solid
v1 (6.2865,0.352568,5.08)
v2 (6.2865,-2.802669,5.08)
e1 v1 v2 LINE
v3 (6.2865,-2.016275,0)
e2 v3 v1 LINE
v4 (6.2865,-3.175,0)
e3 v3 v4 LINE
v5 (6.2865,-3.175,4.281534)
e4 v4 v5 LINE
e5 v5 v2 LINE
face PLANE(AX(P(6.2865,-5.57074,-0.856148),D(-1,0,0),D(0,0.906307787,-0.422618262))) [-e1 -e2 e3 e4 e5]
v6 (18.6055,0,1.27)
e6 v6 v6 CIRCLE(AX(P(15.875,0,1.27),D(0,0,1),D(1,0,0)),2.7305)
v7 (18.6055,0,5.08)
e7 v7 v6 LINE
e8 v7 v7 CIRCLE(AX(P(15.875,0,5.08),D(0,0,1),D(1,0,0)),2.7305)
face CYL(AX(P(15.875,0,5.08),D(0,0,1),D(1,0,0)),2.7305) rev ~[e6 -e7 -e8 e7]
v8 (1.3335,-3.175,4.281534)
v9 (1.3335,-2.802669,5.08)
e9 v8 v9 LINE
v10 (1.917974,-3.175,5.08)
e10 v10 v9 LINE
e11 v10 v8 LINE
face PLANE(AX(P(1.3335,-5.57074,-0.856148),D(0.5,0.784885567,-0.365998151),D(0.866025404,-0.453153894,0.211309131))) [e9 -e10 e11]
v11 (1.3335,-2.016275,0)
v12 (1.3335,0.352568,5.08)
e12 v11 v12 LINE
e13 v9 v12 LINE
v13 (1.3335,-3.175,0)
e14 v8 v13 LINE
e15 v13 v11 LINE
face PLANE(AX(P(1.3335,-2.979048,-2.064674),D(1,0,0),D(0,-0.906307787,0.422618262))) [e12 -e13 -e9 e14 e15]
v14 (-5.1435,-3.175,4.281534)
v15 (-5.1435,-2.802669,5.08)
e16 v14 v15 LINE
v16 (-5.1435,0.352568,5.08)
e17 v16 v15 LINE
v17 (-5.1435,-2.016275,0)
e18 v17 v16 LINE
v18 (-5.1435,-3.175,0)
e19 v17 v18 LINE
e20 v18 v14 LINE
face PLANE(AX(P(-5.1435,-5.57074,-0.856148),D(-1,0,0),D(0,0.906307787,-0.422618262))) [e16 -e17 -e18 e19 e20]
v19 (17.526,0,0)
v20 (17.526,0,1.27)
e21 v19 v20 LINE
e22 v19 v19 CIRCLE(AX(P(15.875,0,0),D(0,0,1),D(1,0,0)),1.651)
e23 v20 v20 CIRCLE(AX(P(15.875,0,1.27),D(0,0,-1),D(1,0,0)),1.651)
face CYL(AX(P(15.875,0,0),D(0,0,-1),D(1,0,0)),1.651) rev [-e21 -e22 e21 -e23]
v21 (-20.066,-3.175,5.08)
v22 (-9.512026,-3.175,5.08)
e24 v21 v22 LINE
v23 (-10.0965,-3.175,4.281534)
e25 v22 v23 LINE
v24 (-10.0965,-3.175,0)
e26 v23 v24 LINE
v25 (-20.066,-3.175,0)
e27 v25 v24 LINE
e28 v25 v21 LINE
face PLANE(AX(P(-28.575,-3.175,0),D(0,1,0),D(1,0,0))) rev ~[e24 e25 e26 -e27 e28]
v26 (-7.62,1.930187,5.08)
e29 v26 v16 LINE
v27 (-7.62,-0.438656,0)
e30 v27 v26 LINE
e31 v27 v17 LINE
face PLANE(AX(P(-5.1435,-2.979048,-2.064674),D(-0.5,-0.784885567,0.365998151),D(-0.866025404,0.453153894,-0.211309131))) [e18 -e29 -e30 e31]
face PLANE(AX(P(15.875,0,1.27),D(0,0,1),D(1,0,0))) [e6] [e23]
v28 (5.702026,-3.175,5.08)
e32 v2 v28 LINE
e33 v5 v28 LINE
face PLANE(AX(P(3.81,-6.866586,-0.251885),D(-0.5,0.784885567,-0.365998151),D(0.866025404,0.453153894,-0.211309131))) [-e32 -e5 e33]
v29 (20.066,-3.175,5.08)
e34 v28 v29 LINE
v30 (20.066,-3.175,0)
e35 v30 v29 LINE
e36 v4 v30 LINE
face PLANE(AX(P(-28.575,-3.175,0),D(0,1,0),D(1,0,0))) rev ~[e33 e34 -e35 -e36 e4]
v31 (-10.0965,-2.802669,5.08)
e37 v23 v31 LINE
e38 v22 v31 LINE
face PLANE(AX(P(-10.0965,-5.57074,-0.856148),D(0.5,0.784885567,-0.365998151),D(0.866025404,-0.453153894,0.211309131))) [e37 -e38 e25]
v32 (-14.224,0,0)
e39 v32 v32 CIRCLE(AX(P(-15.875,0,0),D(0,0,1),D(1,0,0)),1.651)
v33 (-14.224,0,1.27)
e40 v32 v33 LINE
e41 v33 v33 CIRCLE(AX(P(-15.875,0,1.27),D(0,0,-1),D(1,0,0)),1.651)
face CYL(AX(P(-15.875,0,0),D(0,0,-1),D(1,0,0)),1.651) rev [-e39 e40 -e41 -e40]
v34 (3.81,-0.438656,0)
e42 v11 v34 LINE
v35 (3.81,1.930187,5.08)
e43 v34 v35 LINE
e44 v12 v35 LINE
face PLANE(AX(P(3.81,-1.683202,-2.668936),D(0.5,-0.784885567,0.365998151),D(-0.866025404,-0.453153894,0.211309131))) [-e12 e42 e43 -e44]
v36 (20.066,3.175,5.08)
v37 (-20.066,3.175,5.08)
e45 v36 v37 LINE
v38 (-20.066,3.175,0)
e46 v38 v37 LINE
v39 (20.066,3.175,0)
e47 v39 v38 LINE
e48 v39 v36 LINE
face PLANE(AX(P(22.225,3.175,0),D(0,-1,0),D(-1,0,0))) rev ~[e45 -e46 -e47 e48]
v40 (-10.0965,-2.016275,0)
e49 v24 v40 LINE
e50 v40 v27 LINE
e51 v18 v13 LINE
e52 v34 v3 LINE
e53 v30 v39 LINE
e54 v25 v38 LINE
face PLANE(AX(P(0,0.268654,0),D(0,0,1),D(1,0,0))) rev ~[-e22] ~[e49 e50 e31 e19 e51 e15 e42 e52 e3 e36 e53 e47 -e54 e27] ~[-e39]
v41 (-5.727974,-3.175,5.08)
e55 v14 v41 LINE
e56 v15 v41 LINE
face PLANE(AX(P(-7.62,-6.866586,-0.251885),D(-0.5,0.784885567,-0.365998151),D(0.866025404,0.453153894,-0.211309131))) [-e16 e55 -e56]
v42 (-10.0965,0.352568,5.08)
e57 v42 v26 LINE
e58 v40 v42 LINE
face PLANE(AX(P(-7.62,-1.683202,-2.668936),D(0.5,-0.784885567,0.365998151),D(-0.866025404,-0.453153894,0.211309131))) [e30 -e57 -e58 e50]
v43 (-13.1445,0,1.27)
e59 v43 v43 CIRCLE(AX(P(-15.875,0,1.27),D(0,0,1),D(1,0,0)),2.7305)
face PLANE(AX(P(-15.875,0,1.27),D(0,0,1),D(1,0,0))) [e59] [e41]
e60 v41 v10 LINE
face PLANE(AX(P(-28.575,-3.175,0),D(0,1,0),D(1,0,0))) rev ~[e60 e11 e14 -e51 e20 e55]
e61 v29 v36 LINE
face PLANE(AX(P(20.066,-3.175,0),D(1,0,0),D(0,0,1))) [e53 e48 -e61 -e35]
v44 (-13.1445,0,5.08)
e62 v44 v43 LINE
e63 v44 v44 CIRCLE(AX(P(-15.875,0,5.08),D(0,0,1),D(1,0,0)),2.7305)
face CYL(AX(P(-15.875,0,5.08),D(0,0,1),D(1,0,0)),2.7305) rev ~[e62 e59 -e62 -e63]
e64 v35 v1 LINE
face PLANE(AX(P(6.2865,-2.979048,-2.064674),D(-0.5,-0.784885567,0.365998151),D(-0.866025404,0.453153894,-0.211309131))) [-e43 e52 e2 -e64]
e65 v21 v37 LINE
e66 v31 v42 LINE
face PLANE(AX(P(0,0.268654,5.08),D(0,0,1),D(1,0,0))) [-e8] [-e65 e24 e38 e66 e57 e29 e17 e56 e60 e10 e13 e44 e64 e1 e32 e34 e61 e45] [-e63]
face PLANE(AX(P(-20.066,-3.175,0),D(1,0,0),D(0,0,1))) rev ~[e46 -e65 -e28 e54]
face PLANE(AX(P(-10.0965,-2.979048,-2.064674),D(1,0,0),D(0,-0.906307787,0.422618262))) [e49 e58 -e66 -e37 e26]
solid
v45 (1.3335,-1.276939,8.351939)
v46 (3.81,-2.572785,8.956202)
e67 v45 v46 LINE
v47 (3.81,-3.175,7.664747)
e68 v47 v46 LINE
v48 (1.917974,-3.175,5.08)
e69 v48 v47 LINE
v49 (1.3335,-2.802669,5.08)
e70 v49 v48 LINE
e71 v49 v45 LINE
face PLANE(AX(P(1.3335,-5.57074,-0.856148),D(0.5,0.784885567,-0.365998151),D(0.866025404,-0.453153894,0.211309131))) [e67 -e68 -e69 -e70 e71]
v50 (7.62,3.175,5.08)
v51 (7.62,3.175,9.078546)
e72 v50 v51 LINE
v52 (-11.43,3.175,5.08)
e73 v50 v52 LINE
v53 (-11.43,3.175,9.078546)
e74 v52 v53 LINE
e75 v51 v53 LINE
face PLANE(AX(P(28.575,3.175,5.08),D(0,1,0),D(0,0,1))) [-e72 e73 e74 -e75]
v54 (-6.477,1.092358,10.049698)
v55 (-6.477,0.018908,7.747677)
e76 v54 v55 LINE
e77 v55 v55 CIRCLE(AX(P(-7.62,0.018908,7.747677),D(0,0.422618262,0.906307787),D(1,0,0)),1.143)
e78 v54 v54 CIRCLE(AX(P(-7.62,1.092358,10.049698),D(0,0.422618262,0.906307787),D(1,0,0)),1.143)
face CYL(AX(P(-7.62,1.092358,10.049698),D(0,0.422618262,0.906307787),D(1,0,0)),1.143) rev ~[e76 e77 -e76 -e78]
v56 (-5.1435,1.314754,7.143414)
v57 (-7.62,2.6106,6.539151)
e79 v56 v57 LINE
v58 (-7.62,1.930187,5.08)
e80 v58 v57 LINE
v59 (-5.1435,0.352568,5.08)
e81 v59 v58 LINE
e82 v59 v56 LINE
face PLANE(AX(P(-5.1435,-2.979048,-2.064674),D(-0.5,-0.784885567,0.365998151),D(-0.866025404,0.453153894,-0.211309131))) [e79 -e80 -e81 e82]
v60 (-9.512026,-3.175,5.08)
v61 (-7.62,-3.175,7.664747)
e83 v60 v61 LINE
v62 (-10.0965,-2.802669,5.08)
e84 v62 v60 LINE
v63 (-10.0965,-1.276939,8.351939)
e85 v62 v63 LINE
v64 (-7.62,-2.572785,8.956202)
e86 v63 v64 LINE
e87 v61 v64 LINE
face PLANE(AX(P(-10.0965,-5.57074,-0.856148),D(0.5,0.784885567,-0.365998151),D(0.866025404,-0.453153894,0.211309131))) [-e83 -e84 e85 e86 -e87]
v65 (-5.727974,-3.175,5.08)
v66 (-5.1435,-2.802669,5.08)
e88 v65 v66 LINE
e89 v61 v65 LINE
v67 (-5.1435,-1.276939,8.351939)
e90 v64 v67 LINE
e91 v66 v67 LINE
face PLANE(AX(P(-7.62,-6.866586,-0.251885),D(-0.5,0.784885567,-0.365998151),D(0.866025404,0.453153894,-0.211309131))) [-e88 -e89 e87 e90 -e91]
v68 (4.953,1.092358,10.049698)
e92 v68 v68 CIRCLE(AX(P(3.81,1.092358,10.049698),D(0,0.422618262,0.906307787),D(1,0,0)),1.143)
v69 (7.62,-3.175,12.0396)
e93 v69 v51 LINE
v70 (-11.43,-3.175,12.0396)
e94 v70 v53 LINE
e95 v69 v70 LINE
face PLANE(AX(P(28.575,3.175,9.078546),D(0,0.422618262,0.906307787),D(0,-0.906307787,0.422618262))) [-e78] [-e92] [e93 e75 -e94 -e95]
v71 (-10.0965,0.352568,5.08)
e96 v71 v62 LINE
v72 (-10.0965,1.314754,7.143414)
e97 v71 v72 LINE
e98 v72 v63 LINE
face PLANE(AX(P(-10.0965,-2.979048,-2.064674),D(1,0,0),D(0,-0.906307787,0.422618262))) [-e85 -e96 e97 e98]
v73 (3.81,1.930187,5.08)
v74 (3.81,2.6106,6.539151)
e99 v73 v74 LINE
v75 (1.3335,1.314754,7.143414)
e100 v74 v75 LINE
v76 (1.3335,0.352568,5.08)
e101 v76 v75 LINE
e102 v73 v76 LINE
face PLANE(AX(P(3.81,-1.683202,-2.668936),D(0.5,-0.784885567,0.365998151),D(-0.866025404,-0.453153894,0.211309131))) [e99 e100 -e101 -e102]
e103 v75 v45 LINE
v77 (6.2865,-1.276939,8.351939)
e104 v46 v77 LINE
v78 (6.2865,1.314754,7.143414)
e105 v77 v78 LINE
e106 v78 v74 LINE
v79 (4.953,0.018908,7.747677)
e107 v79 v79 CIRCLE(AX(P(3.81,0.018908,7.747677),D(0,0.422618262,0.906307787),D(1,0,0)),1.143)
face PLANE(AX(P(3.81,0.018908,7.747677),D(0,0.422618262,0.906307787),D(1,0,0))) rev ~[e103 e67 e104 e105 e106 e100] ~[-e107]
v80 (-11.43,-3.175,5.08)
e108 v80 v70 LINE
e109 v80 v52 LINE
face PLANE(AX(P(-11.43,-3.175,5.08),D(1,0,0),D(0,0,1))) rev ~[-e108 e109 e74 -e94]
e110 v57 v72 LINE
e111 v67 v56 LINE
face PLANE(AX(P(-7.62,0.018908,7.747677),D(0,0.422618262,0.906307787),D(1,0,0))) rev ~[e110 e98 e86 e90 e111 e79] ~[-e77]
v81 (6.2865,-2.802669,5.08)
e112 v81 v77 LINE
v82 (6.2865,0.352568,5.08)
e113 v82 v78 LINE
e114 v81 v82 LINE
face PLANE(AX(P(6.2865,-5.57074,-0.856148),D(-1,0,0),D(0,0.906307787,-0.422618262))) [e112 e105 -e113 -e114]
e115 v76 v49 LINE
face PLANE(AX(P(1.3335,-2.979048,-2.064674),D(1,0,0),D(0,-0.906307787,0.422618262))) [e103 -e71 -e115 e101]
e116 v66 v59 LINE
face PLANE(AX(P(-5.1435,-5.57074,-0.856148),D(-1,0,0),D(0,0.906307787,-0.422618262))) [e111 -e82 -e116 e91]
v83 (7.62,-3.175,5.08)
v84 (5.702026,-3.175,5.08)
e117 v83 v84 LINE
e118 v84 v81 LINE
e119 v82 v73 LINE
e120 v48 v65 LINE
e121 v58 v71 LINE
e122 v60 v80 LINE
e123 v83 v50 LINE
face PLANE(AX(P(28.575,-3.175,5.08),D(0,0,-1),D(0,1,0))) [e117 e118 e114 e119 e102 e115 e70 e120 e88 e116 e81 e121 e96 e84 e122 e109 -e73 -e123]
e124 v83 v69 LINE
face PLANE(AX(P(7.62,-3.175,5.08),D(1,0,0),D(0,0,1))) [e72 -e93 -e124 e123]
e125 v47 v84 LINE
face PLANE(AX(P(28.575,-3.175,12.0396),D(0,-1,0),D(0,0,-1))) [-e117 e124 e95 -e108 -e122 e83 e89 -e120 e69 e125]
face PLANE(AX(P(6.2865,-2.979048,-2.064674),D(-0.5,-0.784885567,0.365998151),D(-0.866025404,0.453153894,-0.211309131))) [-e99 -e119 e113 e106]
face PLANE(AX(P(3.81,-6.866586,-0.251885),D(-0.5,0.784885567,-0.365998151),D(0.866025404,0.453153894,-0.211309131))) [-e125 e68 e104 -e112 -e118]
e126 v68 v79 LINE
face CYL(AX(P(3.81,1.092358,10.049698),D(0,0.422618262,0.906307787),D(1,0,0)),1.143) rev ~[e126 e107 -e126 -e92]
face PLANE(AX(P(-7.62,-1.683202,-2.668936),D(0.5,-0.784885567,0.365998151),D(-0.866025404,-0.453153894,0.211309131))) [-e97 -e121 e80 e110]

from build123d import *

# Parameters (mm, degrees)
F0_R      = 1.651
F1_DEPTH  = 5.08
F2_R      = 2.7305
F3_DEPTH  = 3.81
F5_DEPTH  = 57.15
F6_W      = 17.145
F6_H      = 6.9596
F6_W_2    = 20.955
F7_DEPTH  = 6.35
F9_W      = 8.509
F9_H      = 5.08
F10_DEPTH = 7.621
F11_R     = 1.143
F12_DEPTH = 10.9125832328
F14_DEPTH = 10.16


with BuildPart() as f1:
    # F0 (on Top) → F1 (new body)
    with BuildSketch(Plane.XY):
        Polygon((-28.575, -3.175), (28.575, -3.175), (28.575, 4.445), (22.225, 4.445), (22.225, 3.175), (-22.225, 3.175), (-22.225, 4.445), (-28.575, 4.445), align=None)
        with Locations((-15.875, 0)):
            Circle(F0_R, mode=Mode.SUBTRACT)
        with Locations((15.875, 0)):
            Circle(F0_R, mode=Mode.SUBTRACT)
    extrude(amount=F1_DEPTH)

    # F2 (on face) → F3 (cut)
    with BuildSketch(Plane.XY.offset(5.08)):
        with Locations((-15.875, 0)):
            Circle(F2_R)
        with Locations((15.875, 0)):
            Circle(F2_R)
    extrude(amount=-F3_DEPTH, mode=Mode.SUBTRACT)

    # F9 (on face) → F10 (cut, through all)
    with BuildSketch(Plane.XZ.offset(3.175)):
        with Locations((-24.3205, 2.54)):
            Rectangle(F9_W, F9_H)
        with Locations((24.3205, 2.54)):
            Rectangle(F9_W, F9_H)
    extrude(amount=-F10_DEPTH, mode=Mode.SUBTRACT)


with BuildPart() as f5:
    # F4 (on face) → F5 (new body)
    with BuildSketch(Plane.YZ.offset(28.575)):
        Polygon((-3.175, 12.0396), (-3.175, 5.08), (3.175, 5.08), (3.175, 9.0785463707), align=None)
    extrude(amount=-F5_DEPTH)

    # F6 (on face) → F7 (cut, through all)
    with BuildSketch(Plane.XZ.offset(3.175)):
        with Locations((-20.0025, 8.5598)):
            Rectangle(F6_W, F6_H)
        with Locations((18.0975, 8.5598)):
            Rectangle(F6_W_2, F6_H)
    extrude(amount=-F7_DEPTH, mode=Mode.SUBTRACT)


with BuildPart() as f12_tool:
    # F11 (on face) → F12 (new body, through all)
    with BuildSketch(Plane(origin=(0, 4.0443596691, 8.6731572993), x_dir=(1, 0, 0), z_dir=(0, 0.4226182617, 0.906307787))):
        with Locations((-7.62, -3.2571735458)):
            Circle(F11_R)
        with Locations((3.81, -3.2571735458)):
            Circle(F11_R)
    extrude(amount=-F12_DEPTH)


with BuildPart() as f1_1:
    add(f1.part)

    # F12: cut by f12_tool
    add(f12_tool.part, mode=Mode.SUBTRACT)


with BuildPart() as f5_1:
    add(f5.part)

    # F12: cut by f12_tool
    add(f12_tool.part, mode=Mode.SUBTRACT)


with BuildPart() as f14_tool:
    # F13 (on offset) → F14 (new body)
    with BuildSketch(Plane(origin=(0, -1.322892255, -2.836951596), x_dir=(1, 0, 0), z_dir=(0, 0.4226182617, 0.906307787))):
        Polygon((-5.1435, -4.6869814874), (-5.1435, -1.8273656042), (-7.62, -0.3975576625), (-10.0965, -1.8273656042), (-10.0965, -4.6869814874), (-7.62, -6.1167894291), align=None)
        Polygon((6.2865, -1.8273656042), (3.81, -0.3975576625), (1.3335, -1.8273656042), (1.3335, -4.6869814874), (3.81, -6.1167894291), (6.2865, -4.6869814874), align=None)
    extrude(amount=F14_DEPTH)


with BuildPart() as f1_2:
    add(f1_1.part)

    # F14: cut by f14_tool
    add(f14_tool.part, mode=Mode.SUBTRACT)


with BuildPart() as f5_2:
    add(f5_1.part)

    # F14: cut by f14_tool
    add(f14_tool.part, mode=Mode.SUBTRACT)


solid = Compound([f1_2.part, f5_2.part])
